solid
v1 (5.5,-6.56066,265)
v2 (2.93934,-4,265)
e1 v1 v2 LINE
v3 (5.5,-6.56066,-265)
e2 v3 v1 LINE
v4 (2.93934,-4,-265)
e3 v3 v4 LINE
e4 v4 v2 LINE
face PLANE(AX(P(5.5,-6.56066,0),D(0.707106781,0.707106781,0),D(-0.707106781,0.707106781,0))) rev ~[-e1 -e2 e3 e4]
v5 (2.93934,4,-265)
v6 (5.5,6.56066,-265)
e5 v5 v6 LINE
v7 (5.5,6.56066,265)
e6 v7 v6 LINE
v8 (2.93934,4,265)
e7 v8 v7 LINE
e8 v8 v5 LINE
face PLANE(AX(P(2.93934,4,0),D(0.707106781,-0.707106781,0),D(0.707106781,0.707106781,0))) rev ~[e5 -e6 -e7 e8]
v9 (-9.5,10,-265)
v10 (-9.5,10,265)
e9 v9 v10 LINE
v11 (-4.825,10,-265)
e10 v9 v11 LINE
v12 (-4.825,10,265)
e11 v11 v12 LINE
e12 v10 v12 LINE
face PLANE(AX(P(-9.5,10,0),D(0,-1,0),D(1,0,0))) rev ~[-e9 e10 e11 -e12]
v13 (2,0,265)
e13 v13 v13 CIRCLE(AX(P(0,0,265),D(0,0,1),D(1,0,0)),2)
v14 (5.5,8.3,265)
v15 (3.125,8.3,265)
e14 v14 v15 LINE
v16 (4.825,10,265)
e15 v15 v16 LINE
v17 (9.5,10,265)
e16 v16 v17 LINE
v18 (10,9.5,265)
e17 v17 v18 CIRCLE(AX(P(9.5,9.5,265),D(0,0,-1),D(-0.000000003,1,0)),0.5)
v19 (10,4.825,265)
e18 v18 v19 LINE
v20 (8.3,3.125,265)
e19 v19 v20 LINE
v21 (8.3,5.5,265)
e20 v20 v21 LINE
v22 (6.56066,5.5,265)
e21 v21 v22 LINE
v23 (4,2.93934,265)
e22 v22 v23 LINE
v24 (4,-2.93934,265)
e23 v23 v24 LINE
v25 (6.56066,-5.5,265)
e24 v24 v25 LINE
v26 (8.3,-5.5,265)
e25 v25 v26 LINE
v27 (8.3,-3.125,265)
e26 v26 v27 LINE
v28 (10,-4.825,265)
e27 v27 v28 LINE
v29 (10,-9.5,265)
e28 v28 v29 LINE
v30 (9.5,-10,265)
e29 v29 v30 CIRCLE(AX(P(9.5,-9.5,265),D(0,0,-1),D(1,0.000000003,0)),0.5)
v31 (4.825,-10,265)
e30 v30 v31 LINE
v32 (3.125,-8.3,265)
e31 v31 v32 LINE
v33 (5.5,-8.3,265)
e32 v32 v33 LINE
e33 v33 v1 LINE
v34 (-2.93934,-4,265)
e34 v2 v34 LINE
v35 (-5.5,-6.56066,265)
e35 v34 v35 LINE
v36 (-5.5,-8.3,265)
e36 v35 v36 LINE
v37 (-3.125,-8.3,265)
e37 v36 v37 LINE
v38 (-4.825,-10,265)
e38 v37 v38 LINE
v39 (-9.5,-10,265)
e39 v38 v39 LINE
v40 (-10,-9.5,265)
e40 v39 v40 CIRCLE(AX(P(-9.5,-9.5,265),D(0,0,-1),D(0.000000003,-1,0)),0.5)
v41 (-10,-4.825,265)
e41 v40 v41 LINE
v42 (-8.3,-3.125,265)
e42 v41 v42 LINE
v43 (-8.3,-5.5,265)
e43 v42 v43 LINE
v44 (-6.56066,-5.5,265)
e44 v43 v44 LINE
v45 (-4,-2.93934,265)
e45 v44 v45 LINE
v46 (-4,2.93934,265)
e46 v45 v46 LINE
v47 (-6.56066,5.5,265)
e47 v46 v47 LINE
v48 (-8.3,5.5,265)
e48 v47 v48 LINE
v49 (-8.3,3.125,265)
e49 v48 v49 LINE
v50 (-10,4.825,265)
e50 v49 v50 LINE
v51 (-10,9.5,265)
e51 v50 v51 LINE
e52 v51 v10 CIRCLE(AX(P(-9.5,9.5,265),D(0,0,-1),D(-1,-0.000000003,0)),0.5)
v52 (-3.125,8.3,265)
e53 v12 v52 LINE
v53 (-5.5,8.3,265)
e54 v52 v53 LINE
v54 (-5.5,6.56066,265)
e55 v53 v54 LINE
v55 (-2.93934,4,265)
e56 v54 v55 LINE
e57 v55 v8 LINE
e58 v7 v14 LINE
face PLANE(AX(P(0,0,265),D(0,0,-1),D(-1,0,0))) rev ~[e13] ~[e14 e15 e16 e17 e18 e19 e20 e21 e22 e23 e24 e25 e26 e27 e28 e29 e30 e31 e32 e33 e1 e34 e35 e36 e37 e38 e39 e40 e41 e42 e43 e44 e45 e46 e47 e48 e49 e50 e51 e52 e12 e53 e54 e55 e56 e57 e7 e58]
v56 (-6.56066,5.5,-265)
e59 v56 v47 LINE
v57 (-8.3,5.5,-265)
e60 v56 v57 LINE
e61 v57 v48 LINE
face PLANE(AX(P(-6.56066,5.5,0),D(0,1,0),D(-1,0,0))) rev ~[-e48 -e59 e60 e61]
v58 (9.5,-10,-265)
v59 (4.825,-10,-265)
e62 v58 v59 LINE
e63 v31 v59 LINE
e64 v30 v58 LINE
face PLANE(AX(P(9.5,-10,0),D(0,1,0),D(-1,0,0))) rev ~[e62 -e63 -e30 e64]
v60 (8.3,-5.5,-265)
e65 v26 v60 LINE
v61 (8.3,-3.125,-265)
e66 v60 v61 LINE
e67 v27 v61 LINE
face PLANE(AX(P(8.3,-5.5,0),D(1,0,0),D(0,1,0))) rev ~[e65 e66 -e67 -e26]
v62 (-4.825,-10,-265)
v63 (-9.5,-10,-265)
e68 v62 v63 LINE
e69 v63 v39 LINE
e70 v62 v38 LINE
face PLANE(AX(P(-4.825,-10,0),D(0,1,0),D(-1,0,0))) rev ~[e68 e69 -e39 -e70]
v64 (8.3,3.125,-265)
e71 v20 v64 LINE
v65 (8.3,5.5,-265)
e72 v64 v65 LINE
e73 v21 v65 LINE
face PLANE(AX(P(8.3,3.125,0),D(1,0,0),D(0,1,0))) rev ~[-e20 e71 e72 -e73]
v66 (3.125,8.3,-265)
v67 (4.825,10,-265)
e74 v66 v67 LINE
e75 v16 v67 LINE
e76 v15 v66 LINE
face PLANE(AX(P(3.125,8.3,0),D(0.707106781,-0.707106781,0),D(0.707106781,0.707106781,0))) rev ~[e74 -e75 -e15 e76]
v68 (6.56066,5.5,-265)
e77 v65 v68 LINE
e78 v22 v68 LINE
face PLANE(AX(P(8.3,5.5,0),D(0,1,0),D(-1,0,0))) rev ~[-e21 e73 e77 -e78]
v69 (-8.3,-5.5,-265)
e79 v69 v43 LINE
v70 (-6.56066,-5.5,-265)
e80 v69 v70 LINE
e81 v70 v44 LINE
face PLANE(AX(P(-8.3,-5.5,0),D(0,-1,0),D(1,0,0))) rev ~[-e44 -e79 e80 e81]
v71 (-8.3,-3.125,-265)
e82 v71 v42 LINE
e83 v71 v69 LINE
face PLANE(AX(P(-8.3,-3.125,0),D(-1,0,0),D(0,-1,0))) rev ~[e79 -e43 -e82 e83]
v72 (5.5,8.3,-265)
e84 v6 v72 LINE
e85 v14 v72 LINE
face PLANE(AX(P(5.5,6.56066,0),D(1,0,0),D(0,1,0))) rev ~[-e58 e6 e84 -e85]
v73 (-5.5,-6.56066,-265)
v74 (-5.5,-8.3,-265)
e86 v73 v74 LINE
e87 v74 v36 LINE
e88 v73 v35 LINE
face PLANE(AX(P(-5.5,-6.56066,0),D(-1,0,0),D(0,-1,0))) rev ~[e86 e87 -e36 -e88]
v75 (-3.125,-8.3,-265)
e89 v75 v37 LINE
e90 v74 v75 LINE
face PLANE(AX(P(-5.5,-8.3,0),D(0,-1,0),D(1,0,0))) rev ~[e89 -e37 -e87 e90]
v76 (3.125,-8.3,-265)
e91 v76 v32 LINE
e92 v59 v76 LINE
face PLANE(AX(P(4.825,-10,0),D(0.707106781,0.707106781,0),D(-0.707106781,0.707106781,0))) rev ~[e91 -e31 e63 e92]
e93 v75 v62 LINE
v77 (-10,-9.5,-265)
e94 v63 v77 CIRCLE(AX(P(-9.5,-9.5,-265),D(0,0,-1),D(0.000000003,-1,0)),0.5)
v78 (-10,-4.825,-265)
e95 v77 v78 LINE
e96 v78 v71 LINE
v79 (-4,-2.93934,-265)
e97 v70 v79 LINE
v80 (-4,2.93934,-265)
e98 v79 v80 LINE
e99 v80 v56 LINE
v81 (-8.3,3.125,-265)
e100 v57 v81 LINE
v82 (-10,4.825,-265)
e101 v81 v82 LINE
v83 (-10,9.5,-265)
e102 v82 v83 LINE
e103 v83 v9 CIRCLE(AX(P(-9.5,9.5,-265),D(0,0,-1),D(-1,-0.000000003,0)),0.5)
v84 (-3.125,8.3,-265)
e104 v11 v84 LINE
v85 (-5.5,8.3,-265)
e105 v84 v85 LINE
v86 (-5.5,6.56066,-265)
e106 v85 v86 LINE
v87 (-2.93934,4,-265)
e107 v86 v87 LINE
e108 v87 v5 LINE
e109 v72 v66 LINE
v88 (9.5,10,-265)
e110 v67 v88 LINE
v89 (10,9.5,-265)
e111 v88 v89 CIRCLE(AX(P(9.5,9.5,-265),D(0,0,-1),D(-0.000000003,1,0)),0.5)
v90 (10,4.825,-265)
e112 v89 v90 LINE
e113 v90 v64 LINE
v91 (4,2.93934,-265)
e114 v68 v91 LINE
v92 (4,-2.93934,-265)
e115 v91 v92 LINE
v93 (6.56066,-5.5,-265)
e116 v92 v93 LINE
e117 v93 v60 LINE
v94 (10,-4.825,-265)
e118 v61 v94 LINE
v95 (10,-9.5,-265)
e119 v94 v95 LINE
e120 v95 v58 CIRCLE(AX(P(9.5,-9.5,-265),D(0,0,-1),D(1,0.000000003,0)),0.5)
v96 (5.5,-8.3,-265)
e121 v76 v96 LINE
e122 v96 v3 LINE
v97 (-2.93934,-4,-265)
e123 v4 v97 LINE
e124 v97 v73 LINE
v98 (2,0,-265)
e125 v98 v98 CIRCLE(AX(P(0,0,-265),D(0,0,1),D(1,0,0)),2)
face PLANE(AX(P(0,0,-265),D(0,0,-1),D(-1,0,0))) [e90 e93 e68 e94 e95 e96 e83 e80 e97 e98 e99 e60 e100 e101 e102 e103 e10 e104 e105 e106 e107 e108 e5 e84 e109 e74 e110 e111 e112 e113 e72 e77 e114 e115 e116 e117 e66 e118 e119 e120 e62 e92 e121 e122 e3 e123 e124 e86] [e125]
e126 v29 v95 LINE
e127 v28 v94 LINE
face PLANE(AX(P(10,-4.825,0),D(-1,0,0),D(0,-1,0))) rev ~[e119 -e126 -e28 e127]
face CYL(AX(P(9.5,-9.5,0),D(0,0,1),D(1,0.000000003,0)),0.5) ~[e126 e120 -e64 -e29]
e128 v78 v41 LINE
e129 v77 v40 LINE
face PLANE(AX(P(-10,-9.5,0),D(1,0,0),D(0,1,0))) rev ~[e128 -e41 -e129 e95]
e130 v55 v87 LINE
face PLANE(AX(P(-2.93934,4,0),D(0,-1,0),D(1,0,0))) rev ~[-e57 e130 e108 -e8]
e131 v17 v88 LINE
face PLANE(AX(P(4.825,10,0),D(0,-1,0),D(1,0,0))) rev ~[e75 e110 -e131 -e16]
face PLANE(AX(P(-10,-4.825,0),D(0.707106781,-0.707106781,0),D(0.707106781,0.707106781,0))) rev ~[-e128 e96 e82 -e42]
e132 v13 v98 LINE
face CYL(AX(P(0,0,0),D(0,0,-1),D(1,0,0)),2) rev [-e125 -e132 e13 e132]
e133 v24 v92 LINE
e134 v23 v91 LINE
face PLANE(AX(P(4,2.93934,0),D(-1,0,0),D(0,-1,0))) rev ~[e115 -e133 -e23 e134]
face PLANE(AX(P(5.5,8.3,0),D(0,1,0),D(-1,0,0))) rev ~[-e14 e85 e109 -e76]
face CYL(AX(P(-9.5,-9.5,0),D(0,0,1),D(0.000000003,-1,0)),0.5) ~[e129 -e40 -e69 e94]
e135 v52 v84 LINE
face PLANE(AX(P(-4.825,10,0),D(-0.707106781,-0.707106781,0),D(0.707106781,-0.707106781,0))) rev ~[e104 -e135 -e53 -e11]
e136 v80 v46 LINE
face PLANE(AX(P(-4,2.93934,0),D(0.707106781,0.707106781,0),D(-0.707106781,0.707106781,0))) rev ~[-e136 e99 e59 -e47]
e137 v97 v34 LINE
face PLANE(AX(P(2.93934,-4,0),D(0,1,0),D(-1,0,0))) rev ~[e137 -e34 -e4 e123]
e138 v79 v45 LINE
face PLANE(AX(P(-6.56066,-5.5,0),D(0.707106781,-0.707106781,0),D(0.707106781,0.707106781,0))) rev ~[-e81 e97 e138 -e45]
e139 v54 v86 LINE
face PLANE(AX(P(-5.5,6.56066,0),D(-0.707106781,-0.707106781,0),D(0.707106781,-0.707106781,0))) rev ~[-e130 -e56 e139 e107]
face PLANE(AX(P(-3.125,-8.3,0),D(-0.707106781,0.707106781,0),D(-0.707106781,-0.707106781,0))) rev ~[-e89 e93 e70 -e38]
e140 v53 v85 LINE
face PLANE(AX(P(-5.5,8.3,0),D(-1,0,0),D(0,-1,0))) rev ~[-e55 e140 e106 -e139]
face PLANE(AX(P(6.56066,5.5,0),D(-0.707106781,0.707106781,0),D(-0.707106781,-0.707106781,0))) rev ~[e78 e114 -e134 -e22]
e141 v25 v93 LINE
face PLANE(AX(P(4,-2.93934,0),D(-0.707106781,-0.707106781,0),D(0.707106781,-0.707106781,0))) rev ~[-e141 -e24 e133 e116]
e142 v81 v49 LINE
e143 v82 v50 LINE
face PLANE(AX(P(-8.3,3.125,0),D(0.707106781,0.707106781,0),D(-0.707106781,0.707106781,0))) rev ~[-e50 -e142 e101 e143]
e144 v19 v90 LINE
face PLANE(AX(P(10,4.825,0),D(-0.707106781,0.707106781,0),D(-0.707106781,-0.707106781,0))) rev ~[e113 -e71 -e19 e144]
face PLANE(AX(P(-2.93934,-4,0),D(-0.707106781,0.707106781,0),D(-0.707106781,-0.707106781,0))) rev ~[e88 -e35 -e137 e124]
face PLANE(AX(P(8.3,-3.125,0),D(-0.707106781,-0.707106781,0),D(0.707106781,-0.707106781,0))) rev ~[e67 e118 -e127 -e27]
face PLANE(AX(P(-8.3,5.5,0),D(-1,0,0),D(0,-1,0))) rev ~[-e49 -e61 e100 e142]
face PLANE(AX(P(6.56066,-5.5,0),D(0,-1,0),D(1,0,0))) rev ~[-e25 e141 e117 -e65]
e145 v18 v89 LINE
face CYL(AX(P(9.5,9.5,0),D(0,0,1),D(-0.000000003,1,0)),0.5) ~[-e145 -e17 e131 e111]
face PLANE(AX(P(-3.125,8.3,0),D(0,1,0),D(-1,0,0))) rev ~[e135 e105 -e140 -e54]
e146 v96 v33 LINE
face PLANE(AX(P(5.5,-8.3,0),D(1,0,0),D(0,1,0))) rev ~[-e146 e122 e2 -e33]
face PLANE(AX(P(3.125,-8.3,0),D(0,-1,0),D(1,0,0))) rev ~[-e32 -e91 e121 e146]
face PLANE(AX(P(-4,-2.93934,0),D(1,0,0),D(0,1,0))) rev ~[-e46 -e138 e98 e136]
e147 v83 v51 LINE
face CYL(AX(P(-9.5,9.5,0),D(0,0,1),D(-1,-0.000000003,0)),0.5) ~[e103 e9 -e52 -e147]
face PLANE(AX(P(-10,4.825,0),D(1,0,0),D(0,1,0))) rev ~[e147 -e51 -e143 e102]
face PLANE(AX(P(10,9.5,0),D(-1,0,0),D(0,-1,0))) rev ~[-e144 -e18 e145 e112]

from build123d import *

# Parameters (mm, degrees)
CROQUIS1_R              = 2
SALIENTE_EXTRUIR2_DEPTH = 265


with BuildPart() as part:
    # Croquis1 → Saliente-Extruir2 (new, symmetric)
    with BuildSketch(Plane.XY):
        with BuildLine():
            Line((-4.825, 10), (-3.125, 8.3))
            Line((-3.125, 8.3), (-5.5, 8.3))
            Line((-5.5, 8.3), (-5.5, 6.560660172))
            Line((-5.5, 6.560660172), (-2.939339828, 4))
            Line((-2.939339828, 4), (2.939339828, 4))
            Line((2.939339828, 4), (5.5, 6.560660172))
            Line((5.5, 6.560660172), (5.5, 8.3))
            Line((5.5, 8.3), (3.125, 8.3))
            Line((3.125, 8.3), (4.825, 10))
            Line((4.825, 10), (9.5, 10))
            ThreePointArc((9.5, 10), (9.853553391, 9.853553391), (10, 9.5))
            Line((10, 9.5), (10, 4.825))
            Line((10, 4.825), (8.3, 3.125))
            Line((8.3, 3.125), (8.3, 5.5))
            Line((8.3, 5.5), (6.560660172, 5.5))
            Line((6.560660172, 5.5), (4, 2.939339828))
            Line((4, 2.939339828), (4, -2.939339828))
            Line((4, -2.939339828), (6.560660172, -5.5))
            Line((6.560660172, -5.5), (8.3, -5.5))
            Line((8.3, -5.5), (8.3, -3.125))
            Line((8.3, -3.125), (10, -4.825))
            Line((10, -4.825), (10, -9.5))
            ThreePointArc((10, -9.5), (9.853553391, -9.853553391), (9.5, -10))
            Line((9.5, -10), (4.825, -10))
            Line((4.825, -10), (3.125, -8.3))
            Line((3.125, -8.3), (5.5, -8.3))
            Line((5.5, -8.3), (5.5, -6.560660172))
            Line((5.5, -6.560660172), (2.939339828, -4))
            Line((2.939339828, -4), (-2.939339828, -4))
            Line((-2.939339828, -4), (-5.5, -6.560660172))
            Line((-5.5, -6.560660172), (-5.5, -8.3))
            Line((-5.5, -8.3), (-3.125, -8.3))
            Line((-3.125, -8.3), (-4.825, -10))
            Line((-4.825, -10), (-9.5, -10))
            ThreePointArc((-9.5, -10), (-9.853553391, -9.853553391), (-10, -9.5))
            Line((-10, -9.5), (-10, -4.825))
            Line((-10, -4.825), (-8.3, -3.125))
            Line((-8.3, -3.125), (-8.3, -5.5))
            Line((-8.3, -5.5), (-6.560660172, -5.5))
            Line((-6.560660172, -5.5), (-4, -2.939339828))
            Line((-4, -2.939339828), (-4, 2.939339828))
            Line((-4, 2.939339828), (-6.560660172, 5.5))
            Line((-6.560660172, 5.5), (-8.3, 5.5))
            Line((-8.3, 5.5), (-8.3, 3.125))
            Line((-8.3, 3.125), (-10, 4.825))
            Line((-10, 4.825), (-10, 9.5))
            ThreePointArc((-10, 9.5), (-9.853553391, 9.853553391), (-9.5, 10))
            Line((-9.5, 10), (-4.825, 10))
        make_face()
        Circle(CROQUIS1_R, mode=Mode.SUBTRACT)
    extrude(amount=SALIENTE_EXTRUIR2_DEPTH, both=True)


solid = part.part
